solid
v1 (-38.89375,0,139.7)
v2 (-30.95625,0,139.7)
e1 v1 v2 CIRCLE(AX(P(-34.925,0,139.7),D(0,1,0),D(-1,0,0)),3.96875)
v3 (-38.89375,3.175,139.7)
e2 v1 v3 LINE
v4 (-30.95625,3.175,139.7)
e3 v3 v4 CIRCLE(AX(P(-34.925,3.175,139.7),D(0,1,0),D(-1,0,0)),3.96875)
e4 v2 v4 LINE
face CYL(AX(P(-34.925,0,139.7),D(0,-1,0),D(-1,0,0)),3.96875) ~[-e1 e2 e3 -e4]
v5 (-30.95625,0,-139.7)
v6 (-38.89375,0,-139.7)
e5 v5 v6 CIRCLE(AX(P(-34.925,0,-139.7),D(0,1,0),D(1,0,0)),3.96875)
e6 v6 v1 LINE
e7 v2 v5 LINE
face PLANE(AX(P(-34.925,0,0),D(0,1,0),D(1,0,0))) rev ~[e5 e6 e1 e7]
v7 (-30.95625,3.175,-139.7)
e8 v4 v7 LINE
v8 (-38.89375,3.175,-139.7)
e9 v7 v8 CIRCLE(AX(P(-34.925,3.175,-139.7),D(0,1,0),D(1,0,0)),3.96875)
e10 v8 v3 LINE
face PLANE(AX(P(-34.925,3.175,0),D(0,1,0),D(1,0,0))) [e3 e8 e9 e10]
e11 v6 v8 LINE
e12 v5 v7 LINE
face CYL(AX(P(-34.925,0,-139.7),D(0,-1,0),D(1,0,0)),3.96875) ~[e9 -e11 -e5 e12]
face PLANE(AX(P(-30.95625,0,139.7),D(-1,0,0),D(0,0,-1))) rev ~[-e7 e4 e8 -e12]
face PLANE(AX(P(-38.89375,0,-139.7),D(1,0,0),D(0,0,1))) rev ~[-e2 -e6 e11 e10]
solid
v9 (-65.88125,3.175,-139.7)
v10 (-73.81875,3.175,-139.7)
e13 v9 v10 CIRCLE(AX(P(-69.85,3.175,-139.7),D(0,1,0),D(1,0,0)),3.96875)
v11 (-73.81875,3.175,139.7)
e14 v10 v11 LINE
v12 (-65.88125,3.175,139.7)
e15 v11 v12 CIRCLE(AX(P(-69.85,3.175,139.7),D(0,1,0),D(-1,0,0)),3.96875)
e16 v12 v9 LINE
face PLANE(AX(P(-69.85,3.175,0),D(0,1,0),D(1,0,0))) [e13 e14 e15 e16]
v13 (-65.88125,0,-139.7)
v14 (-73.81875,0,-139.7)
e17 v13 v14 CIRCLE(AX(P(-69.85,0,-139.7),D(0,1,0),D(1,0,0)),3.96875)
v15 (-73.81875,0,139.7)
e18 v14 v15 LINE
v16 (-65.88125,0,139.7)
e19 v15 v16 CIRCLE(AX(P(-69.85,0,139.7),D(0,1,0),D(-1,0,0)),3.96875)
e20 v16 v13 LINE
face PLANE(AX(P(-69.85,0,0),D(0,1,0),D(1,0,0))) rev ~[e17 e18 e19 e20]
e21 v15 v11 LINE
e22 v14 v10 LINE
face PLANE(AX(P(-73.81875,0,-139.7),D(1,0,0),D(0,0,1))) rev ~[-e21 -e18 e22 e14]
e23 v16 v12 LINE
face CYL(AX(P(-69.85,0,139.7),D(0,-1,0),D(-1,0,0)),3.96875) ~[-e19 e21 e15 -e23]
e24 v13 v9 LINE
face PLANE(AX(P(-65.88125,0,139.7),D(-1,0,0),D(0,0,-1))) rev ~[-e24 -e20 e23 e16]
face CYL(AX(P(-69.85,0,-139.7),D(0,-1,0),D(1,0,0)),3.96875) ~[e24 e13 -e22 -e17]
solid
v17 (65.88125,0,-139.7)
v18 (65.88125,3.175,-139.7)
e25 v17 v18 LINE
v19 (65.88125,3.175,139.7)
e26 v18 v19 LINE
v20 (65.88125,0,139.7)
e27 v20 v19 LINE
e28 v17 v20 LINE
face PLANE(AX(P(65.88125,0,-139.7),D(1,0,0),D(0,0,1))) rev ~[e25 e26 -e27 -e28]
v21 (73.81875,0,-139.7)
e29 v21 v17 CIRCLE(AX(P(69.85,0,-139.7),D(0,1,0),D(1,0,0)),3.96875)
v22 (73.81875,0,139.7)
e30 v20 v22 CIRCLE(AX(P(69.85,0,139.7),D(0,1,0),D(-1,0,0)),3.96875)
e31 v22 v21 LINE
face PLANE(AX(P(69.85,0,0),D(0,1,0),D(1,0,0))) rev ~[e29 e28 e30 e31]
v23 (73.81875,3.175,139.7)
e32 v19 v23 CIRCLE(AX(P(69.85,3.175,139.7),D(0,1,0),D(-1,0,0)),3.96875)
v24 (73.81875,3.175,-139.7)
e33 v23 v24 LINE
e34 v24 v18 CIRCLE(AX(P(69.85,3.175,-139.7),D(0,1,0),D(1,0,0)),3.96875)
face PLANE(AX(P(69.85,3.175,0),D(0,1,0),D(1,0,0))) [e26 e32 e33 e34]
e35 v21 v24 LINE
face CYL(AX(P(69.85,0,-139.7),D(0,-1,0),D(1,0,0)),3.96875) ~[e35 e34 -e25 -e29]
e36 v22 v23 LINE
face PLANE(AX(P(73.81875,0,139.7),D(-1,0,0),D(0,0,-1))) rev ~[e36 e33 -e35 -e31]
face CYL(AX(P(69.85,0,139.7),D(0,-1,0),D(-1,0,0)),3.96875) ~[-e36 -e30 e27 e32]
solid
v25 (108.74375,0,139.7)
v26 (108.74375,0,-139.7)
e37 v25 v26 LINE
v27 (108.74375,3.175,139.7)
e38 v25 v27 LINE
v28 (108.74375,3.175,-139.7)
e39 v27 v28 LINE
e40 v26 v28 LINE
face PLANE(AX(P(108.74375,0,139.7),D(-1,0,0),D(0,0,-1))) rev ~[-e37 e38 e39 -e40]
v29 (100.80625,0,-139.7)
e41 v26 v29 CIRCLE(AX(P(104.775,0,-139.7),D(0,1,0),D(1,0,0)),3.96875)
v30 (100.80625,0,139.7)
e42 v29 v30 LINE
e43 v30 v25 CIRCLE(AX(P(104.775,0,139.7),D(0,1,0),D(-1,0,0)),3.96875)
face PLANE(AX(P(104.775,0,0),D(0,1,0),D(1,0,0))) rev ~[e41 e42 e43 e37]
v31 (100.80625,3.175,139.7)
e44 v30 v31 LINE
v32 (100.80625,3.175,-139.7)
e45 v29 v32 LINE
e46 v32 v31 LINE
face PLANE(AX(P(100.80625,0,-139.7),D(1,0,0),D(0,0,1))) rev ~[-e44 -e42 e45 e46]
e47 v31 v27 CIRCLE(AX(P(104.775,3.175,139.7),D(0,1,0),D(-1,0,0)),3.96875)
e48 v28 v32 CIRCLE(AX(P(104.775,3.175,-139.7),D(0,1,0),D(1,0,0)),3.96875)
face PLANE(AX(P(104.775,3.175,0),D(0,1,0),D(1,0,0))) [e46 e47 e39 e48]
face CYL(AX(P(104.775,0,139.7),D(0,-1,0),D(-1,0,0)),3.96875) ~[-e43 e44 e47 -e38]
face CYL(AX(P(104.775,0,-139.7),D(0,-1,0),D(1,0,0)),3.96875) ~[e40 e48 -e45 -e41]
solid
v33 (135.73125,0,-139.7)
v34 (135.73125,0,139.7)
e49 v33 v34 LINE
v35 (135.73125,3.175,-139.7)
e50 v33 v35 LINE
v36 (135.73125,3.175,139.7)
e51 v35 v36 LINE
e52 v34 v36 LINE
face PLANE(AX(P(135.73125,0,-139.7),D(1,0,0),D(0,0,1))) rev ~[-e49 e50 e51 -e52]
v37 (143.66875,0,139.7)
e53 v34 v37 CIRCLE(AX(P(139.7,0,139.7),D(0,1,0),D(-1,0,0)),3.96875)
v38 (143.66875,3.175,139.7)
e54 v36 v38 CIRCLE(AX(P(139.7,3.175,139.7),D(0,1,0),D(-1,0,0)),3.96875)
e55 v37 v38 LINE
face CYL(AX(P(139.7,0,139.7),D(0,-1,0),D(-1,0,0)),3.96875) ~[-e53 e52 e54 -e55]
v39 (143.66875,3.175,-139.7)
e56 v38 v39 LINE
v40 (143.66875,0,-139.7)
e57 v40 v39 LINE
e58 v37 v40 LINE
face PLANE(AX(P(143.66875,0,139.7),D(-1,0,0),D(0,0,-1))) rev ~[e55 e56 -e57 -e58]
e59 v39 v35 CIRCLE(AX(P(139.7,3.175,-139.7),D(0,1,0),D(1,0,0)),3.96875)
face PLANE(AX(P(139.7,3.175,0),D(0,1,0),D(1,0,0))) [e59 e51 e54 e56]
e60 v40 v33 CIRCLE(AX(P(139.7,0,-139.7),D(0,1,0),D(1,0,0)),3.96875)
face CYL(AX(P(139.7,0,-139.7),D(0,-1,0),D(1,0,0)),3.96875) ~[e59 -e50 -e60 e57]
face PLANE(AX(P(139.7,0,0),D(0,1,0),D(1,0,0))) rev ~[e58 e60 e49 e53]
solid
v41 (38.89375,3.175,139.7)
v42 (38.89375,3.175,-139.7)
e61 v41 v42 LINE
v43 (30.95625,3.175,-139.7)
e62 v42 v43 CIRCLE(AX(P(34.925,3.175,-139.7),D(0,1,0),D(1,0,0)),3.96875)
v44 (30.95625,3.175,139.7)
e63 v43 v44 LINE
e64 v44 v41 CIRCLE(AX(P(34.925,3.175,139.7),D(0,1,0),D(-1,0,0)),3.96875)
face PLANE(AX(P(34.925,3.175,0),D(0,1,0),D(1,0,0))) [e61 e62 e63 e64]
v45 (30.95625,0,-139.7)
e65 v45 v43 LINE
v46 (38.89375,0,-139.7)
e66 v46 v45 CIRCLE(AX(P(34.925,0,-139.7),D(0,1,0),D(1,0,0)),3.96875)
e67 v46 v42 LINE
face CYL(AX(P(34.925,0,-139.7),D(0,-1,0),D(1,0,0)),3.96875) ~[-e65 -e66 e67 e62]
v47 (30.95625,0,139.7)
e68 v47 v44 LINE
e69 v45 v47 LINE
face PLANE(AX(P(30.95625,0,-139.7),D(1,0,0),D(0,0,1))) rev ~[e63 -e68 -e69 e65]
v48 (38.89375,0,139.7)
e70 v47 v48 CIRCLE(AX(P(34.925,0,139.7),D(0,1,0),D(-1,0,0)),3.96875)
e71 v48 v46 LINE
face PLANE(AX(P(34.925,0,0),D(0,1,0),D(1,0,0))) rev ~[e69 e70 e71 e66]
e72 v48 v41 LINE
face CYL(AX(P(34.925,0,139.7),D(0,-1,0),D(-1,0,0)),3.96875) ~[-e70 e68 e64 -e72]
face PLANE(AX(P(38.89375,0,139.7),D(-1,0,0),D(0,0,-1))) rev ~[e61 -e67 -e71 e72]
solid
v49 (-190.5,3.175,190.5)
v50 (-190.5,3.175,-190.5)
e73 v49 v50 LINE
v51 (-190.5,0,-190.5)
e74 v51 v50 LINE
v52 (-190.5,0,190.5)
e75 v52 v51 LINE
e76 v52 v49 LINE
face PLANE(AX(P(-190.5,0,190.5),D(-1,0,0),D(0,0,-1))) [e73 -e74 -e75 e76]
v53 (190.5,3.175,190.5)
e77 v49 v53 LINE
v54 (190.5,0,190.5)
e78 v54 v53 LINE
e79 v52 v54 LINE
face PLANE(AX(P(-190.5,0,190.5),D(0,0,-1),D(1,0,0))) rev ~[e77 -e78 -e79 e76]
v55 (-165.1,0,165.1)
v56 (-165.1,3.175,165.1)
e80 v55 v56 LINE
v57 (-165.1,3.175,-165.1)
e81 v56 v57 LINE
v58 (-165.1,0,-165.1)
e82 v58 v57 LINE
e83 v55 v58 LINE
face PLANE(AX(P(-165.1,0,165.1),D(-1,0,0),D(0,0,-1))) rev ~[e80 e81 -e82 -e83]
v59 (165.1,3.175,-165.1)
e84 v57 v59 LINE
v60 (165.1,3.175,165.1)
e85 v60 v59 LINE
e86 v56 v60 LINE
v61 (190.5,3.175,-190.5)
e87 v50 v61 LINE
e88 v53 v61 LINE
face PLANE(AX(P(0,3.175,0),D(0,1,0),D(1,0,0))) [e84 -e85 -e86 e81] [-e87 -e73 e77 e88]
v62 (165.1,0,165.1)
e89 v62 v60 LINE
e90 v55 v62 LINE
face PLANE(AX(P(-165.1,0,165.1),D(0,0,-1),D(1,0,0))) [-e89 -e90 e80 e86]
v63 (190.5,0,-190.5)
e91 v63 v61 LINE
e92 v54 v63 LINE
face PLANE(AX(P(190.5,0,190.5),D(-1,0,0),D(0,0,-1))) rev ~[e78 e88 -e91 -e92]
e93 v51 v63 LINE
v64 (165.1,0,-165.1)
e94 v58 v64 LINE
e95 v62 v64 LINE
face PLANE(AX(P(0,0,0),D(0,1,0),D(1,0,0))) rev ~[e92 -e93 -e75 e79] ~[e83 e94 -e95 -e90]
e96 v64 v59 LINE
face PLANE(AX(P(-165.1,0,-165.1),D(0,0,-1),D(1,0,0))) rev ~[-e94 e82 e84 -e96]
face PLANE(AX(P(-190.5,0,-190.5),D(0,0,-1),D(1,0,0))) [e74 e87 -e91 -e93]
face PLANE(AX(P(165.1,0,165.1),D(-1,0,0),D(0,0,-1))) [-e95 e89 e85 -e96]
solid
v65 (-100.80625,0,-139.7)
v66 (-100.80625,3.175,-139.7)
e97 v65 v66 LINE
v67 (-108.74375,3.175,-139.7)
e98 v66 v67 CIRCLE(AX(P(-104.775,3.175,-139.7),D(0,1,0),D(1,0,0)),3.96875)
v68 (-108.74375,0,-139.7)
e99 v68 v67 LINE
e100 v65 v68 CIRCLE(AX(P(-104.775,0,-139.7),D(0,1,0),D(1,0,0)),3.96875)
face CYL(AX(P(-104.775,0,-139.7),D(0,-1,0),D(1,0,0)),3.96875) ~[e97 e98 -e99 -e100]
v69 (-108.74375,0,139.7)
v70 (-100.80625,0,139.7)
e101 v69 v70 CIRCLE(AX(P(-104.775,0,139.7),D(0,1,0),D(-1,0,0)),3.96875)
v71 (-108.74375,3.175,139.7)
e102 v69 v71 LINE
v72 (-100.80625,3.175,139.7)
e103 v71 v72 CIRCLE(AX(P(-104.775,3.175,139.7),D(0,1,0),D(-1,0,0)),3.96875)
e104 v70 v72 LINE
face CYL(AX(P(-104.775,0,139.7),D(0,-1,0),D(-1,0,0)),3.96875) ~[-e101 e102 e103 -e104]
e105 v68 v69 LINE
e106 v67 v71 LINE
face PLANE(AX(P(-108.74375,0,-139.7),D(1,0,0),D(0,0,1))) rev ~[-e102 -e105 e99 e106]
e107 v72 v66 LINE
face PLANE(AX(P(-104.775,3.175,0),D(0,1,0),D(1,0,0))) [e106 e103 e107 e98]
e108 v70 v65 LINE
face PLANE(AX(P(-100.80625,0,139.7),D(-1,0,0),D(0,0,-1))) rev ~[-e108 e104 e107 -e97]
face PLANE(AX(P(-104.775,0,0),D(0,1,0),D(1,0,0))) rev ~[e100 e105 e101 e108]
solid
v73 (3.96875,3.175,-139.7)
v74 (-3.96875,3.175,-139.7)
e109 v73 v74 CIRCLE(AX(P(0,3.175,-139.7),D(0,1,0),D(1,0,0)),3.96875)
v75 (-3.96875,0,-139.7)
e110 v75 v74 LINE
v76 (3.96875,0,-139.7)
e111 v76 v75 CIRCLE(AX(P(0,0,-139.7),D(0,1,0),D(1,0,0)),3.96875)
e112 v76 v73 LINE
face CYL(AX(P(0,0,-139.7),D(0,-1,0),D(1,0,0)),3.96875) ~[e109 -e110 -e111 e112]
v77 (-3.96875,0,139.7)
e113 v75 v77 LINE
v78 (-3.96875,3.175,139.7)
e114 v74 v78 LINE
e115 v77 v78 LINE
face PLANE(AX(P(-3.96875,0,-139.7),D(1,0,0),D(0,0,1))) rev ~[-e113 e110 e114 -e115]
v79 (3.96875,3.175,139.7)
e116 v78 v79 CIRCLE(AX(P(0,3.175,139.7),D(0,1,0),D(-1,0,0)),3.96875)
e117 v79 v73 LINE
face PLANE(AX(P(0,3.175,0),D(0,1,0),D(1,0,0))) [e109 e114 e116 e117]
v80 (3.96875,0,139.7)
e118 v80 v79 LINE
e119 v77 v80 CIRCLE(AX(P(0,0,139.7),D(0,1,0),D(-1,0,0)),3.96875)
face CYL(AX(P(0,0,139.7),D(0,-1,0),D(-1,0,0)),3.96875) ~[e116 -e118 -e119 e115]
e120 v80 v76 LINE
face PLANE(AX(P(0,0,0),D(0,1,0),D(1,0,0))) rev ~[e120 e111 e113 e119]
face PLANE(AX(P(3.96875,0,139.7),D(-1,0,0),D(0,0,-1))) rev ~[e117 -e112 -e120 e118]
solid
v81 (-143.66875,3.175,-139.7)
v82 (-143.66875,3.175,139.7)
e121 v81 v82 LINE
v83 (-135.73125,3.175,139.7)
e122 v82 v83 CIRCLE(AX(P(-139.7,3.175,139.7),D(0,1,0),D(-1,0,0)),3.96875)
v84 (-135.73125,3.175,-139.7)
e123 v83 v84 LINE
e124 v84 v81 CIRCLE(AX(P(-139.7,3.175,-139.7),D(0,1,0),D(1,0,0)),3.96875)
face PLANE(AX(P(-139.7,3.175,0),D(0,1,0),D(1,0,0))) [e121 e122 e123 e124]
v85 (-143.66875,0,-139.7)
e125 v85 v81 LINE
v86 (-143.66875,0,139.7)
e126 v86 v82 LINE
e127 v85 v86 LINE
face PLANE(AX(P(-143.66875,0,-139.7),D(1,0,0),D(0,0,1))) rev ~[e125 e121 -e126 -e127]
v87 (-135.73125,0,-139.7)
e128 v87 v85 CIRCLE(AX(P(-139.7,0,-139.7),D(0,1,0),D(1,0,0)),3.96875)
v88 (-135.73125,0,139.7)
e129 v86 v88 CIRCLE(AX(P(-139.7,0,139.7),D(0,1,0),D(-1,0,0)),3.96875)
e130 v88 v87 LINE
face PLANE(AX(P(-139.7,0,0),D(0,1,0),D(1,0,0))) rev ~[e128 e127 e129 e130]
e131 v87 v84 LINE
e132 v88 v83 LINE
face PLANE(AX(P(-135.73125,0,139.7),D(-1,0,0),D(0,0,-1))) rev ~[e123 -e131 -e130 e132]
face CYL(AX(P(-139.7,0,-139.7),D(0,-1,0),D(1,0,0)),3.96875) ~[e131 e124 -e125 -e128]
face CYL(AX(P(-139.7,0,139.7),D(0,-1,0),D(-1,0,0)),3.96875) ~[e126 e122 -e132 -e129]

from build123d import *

# Parameters (mm, degrees)
SKETCH1_W              = 381
SKETCH1_H              = 381
SKETCH1_W_2            = 330.2
SKETCH1_H_2            = 330.2
BOSS_EXTRUDE1_DEPTH    = 3.175
BOSS_EXTRUDE1_2_DEPTH  = 3.175
BOSS_EXTRUDE1_3_DEPTH  = 3.175
BOSS_EXTRUDE1_4_DEPTH  = 3.175
BOSS_EXTRUDE1_5_DEPTH  = 3.175
BOSS_EXTRUDE1_6_DEPTH  = 3.175
BOSS_EXTRUDE1_7_DEPTH  = 3.175
BOSS_EXTRUDE1_8_DEPTH  = 3.175
BOSS_EXTRUDE1_9_DEPTH  = 3.175
BOSS_EXTRUDE1_10_DEPTH = 3.175


with BuildPart() as part:
    # Sketch1 → Boss-Extrude1 (new body)
    with BuildSketch(Plane(origin=(0, 0, 0), x_dir=(1, 0, 0), z_dir=(0, 1, 0))):
        Rectangle(SKETCH1_W, SKETCH1_H)
        Rectangle(SKETCH1_W_2, SKETCH1_H_2, mode=Mode.SUBTRACT)
    extrude(amount=BOSS_EXTRUDE1_DEPTH)


with BuildPart() as body_2:
    # Sketch1 → Boss-Extrude1 2 (new body)
    with BuildSketch(Plane(origin=(0, 0, 0), x_dir=(1, 0, 0), z_dir=(0, 1, 0))):
        with BuildLine():
            Line((100.80625, 139.7), (100.80625, -139.7))
            ThreePointArc((100.80625, -139.7), (104.775, -143.66875), (108.74375, -139.7))
            Line((108.74375, -139.7), (108.74375, 139.7))
            ThreePointArc((108.74375, 139.7), (104.775, 143.66875), (100.80625, 139.7))
        make_face()
    extrude(amount=BOSS_EXTRUDE1_2_DEPTH)


with BuildPart() as body_3:
    # Sketch1 → Boss-Extrude1 3 (new body)
    with BuildSketch(Plane(origin=(0, 0, 0), x_dir=(1, 0, 0), z_dir=(0, 1, 0))):
        with BuildLine():
            Line((135.73125, 139.7), (135.73125, -139.7))
            ThreePointArc((135.73125, -139.7), (139.7, -143.66875), (143.66875, -139.7))
            Line((143.66875, -139.7), (143.66875, 139.7))
            ThreePointArc((143.66875, 139.7), (139.7, 143.66875), (135.73125, 139.7))
        make_face()
    extrude(amount=BOSS_EXTRUDE1_3_DEPTH)


with BuildPart() as body_4:
    # Sketch1 → Boss-Extrude1 4 (new body)
    with BuildSketch(Plane(origin=(0, 0, 0), x_dir=(1, 0, 0), z_dir=(0, 1, 0))):
        with BuildLine():
            Line((65.88125, 139.7), (65.88125, -139.7))
            ThreePointArc((65.88125, -139.7), (69.85, -143.66875), (73.81875, -139.7))
            Line((73.81875, -139.7), (73.81875, 139.7))
            ThreePointArc((73.81875, 139.7), (69.85, 143.66875), (65.88125, 139.7))
        make_face()
    extrude(amount=BOSS_EXTRUDE1_4_DEPTH)


with BuildPart() as body_5:
    # Sketch1 → Boss-Extrude1 5 (new body)
    with BuildSketch(Plane(origin=(0, 0, 0), x_dir=(1, 0, 0), z_dir=(0, 1, 0))):
        with BuildLine():
            Line((30.95625, 139.7), (30.95625, -139.7))
            ThreePointArc((30.95625, -139.7), (34.925, -143.66875), (38.89375, -139.7))
            Line((38.89375, -139.7), (38.89375, 139.7))
            ThreePointArc((38.89375, 139.7), (34.925, 143.66875), (30.95625, 139.7))
        make_face()
    extrude(amount=BOSS_EXTRUDE1_5_DEPTH)


with BuildPart() as body_6:
    # Sketch1 → Boss-Extrude1 6 (new body)
    with BuildSketch(Plane(origin=(0, 0, 0), x_dir=(1, 0, 0), z_dir=(0, 1, 0))):
        with BuildLine():
            Line((-3.96875, 139.7), (-3.96875, -139.7))
            ThreePointArc((-3.96875, -139.7), (0, -143.66875), (3.96875, -139.7))
            Line((3.96875, -139.7), (3.96875, 139.7))
            ThreePointArc((3.96875, 139.7), (0, 143.66875), (-3.96875, 139.7))
        make_face()
    extrude(amount=BOSS_EXTRUDE1_6_DEPTH)


with BuildPart() as body_7:
    # Sketch1 → Boss-Extrude1 7 (new body)
    with BuildSketch(Plane(origin=(0, 0, 0), x_dir=(1, 0, 0), z_dir=(0, 1, 0))):
        with BuildLine():
            Line((-73.81875, 139.7), (-73.81875, -139.7))
            ThreePointArc((-73.81875, -139.7), (-69.85, -143.66875), (-65.88125, -139.7))
            Line((-65.88125, -139.7), (-65.88125, 139.7))
            ThreePointArc((-65.88125, 139.7), (-69.85, 143.66875), (-73.81875, 139.7))
        make_face()
    extrude(amount=BOSS_EXTRUDE1_7_DEPTH)


with BuildPart() as body_8:
    # Sketch1 → Boss-Extrude1 8 (new body)
    with BuildSketch(Plane(origin=(0, 0, 0), x_dir=(1, 0, 0), z_dir=(0, 1, 0))):
        with BuildLine():
            Line((-38.89375, 139.7), (-38.89375, -139.7))
            ThreePointArc((-38.89375, -139.7), (-34.925, -143.66875), (-30.95625, -139.7))
            Line((-30.95625, -139.7), (-30.95625, 139.7))
            ThreePointArc((-30.95625, 139.7), (-34.925, 143.66875), (-38.89375, 139.7))
        make_face()
    extrude(amount=BOSS_EXTRUDE1_8_DEPTH)


with BuildPart() as body_9:
    # Sketch1 → Boss-Extrude1 9 (new body)
    with BuildSketch(Plane(origin=(0, 0, 0), x_dir=(1, 0, 0), z_dir=(0, 1, 0))):
        with BuildLine():
            Line((-108.74375, 139.7), (-108.74375, -139.7))
            ThreePointArc((-108.74375, -139.7), (-104.775, -143.66875), (-100.80625, -139.7))
            Line((-100.80625, -139.7), (-100.80625, 139.7))
            ThreePointArc((-100.80625, 139.7), (-104.775, 143.66875), (-108.74375, 139.7))
        make_face()
    extrude(amount=BOSS_EXTRUDE1_9_DEPTH)


with BuildPart() as body_10:
    # Sketch1 → Boss-Extrude1 10 (new body)
    with BuildSketch(Plane(origin=(0, 0, 0), x_dir=(1, 0, 0), z_dir=(0, 1, 0))):
        with BuildLine():
            Line((-143.66875, 139.7), (-143.66875, -139.7))
            ThreePointArc((-143.66875, -139.7), (-139.7, -143.66875), (-135.73125, -139.7))
            Line((-135.73125, -139.7), (-135.73125, 139.7))
            ThreePointArc((-135.73125, 139.7), (-139.7, 143.66875), (-143.66875, 139.7))
        make_face()
    extrude(amount=BOSS_EXTRUDE1_10_DEPTH)


solid = Compound([part.part, body_2.part, body_3.part, body_4.part, body_5.part, body_6.part, body_7.part, body_8.part, body_9.part, body_10.part])
